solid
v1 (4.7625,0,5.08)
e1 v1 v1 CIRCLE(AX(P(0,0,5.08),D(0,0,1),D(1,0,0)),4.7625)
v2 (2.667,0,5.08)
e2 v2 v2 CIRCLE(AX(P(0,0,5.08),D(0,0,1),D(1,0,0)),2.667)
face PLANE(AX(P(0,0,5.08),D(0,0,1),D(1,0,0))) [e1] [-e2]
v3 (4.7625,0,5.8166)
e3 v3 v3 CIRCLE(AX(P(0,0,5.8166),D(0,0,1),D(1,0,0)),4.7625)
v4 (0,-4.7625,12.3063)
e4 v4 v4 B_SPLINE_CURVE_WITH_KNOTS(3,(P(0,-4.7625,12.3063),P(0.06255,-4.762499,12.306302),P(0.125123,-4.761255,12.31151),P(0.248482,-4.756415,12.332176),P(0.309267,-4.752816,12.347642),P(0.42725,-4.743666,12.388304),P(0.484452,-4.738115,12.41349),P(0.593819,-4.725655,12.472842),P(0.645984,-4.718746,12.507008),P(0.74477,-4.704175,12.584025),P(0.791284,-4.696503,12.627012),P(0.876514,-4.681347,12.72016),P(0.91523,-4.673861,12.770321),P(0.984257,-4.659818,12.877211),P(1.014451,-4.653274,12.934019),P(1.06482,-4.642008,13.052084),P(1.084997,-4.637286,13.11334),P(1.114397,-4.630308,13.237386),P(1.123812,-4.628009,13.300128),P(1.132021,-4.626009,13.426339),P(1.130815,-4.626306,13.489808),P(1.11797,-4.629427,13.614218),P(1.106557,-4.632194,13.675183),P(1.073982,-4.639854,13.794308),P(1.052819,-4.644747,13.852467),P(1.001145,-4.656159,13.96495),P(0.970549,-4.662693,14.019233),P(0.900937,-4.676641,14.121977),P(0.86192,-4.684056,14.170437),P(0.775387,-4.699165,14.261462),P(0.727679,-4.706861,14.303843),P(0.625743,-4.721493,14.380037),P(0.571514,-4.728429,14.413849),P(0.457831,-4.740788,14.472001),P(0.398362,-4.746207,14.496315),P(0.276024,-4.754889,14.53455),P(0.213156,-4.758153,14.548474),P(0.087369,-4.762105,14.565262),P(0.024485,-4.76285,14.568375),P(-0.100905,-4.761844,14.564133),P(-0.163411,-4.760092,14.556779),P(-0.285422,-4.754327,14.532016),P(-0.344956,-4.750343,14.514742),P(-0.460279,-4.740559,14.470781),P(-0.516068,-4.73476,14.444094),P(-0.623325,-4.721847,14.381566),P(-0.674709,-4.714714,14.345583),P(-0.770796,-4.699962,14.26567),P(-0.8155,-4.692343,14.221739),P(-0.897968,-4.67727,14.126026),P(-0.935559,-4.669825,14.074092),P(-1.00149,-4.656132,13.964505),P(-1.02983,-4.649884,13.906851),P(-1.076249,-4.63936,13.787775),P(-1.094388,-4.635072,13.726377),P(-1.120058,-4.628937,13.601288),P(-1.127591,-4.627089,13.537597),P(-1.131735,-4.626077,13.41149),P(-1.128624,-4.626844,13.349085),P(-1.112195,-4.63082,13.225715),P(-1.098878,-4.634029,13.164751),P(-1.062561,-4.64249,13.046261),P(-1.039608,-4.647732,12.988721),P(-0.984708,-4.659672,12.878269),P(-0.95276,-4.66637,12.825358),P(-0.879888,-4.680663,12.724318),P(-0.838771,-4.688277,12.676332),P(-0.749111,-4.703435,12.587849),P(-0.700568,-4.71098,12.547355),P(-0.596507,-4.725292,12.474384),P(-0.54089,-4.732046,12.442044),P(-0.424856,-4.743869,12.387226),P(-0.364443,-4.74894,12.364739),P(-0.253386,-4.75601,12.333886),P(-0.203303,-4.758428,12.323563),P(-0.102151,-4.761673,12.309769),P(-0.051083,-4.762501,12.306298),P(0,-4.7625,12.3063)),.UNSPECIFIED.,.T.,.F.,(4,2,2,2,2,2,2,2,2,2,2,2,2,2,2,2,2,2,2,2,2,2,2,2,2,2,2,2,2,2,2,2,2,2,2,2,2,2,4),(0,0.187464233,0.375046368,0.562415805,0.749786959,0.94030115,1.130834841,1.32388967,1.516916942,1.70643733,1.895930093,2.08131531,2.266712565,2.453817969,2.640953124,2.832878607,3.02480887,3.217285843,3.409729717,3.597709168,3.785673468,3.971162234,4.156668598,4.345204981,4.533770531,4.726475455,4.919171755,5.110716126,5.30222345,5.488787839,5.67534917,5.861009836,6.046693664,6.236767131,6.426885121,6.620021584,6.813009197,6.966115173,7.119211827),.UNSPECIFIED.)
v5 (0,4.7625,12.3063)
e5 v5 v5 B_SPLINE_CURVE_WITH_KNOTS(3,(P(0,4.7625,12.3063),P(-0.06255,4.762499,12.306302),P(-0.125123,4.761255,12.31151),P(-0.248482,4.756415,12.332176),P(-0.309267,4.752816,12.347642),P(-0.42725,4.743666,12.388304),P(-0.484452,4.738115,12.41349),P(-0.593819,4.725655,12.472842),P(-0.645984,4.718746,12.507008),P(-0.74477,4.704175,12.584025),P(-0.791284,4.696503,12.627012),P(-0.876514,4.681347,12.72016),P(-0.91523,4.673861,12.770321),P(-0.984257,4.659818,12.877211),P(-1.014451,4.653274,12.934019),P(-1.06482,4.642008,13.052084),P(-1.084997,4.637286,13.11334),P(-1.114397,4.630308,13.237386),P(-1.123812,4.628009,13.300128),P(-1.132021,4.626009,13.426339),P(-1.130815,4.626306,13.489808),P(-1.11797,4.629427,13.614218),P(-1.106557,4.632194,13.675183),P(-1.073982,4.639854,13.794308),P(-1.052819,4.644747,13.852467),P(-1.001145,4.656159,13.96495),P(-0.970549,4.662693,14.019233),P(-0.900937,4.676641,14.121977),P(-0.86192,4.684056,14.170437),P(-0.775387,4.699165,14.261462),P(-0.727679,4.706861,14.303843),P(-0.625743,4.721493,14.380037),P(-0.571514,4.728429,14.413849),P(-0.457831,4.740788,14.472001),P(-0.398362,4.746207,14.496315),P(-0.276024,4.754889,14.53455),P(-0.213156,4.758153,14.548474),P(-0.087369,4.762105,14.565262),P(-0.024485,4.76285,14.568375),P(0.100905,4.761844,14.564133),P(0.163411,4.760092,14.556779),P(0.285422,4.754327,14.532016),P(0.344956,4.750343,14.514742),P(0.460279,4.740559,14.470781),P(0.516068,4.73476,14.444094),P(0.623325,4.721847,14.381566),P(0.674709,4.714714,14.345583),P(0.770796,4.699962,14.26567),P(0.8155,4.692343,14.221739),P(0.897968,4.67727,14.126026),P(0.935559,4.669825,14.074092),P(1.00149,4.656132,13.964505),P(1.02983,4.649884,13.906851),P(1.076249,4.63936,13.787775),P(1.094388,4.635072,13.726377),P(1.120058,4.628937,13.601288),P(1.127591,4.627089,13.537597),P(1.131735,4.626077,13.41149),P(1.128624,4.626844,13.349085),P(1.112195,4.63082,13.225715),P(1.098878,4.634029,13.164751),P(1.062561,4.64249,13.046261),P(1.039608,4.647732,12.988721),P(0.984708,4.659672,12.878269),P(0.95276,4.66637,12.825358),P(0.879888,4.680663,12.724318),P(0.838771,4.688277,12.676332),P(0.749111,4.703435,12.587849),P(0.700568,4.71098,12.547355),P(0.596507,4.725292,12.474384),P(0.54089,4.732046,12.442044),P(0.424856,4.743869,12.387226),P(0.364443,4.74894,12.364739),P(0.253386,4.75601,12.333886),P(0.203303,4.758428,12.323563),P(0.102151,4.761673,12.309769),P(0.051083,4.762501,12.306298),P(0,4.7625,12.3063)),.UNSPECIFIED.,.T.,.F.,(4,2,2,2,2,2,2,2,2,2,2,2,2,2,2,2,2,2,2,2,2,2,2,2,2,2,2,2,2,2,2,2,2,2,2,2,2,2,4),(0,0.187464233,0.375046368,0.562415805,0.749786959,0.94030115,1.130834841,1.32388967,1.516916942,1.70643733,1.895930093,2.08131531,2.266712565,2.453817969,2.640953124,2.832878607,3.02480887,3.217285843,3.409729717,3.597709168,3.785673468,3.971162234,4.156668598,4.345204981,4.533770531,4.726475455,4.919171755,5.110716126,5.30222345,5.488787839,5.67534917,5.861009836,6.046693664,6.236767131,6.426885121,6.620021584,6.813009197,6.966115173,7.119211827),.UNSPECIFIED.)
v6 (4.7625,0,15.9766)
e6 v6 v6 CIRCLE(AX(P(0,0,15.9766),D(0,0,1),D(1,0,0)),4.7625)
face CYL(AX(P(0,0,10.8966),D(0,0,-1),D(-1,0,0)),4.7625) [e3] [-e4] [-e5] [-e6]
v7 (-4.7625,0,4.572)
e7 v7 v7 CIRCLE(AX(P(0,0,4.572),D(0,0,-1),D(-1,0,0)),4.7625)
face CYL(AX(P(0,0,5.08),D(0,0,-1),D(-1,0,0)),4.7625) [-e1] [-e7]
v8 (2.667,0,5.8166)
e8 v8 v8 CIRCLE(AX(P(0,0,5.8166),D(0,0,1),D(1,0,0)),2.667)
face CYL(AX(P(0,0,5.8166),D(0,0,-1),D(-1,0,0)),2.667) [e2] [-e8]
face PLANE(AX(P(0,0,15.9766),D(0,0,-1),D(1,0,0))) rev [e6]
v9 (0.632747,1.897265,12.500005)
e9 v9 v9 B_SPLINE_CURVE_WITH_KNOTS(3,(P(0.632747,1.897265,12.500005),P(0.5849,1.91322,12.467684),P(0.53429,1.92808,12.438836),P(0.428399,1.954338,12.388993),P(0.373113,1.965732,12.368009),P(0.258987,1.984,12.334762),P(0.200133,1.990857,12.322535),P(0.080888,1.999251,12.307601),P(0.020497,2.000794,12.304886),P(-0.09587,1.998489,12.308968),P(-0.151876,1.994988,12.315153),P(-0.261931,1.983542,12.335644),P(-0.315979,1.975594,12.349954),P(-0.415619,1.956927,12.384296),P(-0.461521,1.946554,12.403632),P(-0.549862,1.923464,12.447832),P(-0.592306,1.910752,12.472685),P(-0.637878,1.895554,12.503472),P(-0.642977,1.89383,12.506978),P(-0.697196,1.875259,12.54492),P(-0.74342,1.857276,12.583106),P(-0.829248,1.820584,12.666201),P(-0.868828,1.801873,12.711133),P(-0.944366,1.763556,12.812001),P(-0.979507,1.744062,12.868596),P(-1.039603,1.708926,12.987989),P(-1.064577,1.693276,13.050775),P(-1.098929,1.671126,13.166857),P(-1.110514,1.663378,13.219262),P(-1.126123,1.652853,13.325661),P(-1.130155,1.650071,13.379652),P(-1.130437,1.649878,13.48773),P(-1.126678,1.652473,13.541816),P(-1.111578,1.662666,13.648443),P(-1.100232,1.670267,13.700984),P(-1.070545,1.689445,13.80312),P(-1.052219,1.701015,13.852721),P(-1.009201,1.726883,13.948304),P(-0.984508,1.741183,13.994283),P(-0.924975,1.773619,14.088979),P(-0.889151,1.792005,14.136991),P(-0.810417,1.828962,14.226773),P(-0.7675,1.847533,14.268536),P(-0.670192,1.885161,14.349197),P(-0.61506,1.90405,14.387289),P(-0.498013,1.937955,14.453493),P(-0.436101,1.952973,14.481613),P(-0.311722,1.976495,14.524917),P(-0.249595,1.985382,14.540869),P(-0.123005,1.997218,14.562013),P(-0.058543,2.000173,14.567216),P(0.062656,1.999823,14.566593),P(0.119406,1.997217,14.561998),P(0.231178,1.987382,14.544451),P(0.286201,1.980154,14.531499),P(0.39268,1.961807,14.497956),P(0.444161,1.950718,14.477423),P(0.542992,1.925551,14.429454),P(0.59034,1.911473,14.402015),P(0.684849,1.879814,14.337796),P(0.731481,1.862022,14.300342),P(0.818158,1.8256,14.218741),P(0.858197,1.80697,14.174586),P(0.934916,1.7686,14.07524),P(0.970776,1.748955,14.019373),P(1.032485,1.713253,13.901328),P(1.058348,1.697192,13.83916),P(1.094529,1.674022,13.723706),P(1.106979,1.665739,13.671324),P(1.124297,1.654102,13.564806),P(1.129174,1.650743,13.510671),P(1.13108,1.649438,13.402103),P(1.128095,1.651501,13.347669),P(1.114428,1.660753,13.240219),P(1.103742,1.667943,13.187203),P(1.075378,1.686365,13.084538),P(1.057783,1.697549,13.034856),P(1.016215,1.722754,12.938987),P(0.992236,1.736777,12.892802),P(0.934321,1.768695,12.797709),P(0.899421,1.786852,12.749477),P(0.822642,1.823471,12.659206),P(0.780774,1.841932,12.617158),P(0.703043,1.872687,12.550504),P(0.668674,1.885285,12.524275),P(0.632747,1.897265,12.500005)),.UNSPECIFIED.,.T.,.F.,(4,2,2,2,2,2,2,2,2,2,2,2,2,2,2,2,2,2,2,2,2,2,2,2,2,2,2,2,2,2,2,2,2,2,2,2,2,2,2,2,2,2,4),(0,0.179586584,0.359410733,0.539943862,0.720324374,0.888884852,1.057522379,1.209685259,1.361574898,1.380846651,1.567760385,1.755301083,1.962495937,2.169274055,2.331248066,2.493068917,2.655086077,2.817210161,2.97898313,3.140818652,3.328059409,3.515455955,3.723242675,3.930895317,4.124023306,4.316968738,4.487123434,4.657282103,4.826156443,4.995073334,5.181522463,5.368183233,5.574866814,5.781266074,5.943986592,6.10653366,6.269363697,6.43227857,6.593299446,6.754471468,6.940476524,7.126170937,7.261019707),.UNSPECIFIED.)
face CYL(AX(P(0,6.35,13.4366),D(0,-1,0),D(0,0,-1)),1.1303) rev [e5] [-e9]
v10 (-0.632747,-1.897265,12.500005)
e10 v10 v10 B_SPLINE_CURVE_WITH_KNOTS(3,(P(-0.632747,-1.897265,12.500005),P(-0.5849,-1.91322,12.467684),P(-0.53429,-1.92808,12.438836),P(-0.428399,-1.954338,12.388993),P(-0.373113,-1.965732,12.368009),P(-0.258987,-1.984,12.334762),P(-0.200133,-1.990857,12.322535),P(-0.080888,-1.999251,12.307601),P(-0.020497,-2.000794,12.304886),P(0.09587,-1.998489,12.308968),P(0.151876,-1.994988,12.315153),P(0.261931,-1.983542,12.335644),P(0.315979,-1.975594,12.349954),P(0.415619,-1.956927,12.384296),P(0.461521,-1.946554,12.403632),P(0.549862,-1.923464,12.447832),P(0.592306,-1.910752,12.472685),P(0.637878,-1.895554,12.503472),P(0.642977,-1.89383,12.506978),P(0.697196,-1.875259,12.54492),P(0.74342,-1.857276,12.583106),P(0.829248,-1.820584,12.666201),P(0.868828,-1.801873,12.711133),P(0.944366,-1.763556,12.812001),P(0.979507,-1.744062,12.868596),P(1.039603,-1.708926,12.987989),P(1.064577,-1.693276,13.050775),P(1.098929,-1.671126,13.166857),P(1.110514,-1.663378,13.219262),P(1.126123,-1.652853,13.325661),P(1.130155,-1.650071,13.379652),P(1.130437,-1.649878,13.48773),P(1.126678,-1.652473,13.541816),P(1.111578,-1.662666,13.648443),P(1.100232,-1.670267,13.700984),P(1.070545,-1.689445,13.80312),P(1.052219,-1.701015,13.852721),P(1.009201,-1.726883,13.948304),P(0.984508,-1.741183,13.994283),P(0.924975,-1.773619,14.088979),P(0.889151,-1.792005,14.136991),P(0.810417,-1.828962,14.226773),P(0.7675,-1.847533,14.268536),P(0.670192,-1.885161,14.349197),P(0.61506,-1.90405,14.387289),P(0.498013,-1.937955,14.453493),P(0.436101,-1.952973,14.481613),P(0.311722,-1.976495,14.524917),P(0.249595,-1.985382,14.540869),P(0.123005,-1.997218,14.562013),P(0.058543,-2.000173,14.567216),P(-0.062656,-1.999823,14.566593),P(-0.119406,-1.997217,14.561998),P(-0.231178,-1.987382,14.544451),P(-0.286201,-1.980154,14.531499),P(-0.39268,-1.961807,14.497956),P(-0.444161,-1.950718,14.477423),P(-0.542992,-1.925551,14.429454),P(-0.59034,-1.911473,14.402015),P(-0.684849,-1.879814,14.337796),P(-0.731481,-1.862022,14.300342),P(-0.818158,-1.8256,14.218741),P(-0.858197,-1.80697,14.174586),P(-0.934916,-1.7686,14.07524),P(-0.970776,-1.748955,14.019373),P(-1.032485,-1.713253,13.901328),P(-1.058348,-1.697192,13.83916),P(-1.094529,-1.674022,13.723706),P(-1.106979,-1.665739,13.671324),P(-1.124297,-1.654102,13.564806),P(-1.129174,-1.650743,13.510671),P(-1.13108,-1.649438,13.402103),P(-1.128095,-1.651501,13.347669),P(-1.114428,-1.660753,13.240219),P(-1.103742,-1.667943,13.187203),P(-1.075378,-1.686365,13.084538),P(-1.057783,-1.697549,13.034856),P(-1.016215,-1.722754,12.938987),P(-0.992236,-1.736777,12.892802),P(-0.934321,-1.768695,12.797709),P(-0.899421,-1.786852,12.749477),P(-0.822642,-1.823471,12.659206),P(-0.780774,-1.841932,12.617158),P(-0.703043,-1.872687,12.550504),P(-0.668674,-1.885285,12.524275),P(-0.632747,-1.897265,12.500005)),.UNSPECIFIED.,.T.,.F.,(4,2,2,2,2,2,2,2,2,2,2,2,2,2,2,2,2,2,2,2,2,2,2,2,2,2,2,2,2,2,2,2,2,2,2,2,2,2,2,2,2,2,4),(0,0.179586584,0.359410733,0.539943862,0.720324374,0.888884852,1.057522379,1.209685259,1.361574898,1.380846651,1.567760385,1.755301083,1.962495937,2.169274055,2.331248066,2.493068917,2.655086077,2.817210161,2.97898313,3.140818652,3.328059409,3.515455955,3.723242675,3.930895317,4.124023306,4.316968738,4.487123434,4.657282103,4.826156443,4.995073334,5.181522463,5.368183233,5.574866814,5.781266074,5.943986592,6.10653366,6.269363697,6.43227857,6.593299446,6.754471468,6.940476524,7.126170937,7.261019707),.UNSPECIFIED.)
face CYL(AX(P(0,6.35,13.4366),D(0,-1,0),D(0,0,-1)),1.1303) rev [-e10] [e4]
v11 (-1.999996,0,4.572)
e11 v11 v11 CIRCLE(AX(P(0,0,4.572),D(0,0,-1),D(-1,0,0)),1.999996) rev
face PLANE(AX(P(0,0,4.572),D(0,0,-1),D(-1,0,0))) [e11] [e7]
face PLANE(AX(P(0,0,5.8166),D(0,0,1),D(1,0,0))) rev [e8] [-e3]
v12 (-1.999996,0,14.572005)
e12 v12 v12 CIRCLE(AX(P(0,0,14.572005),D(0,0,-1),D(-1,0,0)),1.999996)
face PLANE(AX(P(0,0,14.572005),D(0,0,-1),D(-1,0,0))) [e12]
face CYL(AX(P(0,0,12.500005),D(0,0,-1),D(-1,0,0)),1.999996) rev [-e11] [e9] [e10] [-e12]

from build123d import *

# Parameters (mm, degrees)
SKETCH1_R               = 4.7625
BOSS_EXTRUDE1_DEPTH     = 5.08
SKETCH2_R               = 2.667
BOSS_EXTRUDE2_DEPTH     = 0.7366
SKETCH3_R               = 4.7625
BOSS_EXTRUDE3_DEPTH     = 5.08
CUT_EXTRUDE1_DEPTH      = 6.35
CUT_EXTRUDE1_DEPTH_BACK = 6.35
SKETCH6_R               = 1.1303
SKETCH7_R               = 3.5000057
CUT_EXTRUDE2_DEPTH      = 2.50000008
SKETCH8_R               = 1.999996
CUT_EXTRUDE3_DEPTH      = 10.0000054
SKETCH9_R               = 4.7625
CUT_EXTRUDE4_DEPTH      = 4.572
SKETCH10_R              = 1.999996
CUT_EXTRUDE5_DEPTH      = 10.0000054


with BuildPart() as part:
    # Sketch1 → Boss-Extrude1 (new body)
    with BuildSketch(Plane.XY):
        Circle(SKETCH1_R)
    extrude(amount=BOSS_EXTRUDE1_DEPTH)

    # Sketch2 → Boss-Extrude2 (add)
    with BuildSketch(Plane.XY.offset(5.08)):
        Circle(SKETCH2_R)
    extrude(amount=BOSS_EXTRUDE2_DEPTH)

    # Sketch3 → Boss-Extrude3 (add)
    with BuildSketch(Plane.XY.offset(5.8166)):
        Circle(SKETCH3_R)
    boss_extrude3 = extrude(amount=BOSS_EXTRUDE3_DEPTH)

    # Mirror3: Boss-Extrude3 across plane
    add(boss_extrude3.mirror(Plane.XY.offset(10.8966)))

    # Sketch6 → Cut-Extrude1 (cut, two sides: drawn at the far end of the back side and taken through both)
    with BuildSketch(Plane(origin=(0, 0, 0), x_dir=(1, 0, 0), z_dir=(0, 1, 0)).offset(-CUT_EXTRUDE1_DEPTH_BACK)):
        with Locations(Location((0, -13.4366, 0), (0, 0, 90))):
            Circle(SKETCH6_R)
    extrude(amount=CUT_EXTRUDE1_DEPTH + CUT_EXTRUDE1_DEPTH_BACK, mode=Mode.SUBTRACT)

    # Sketch7 → Cut-Extrude2 (cut)
    with BuildSketch(Plane(origin=(0, 0, 0), x_dir=(-1, 0, 0), z_dir=(0, 0, -1))):
        Circle(SKETCH7_R)
    extrude(amount=-CUT_EXTRUDE2_DEPTH, mode=Mode.SUBTRACT)

    # Sketch8 → Cut-Extrude3 (cut)
    with BuildSketch(Plane(origin=(0, 0, 2.50000008), x_dir=(-1, 0, 0), z_dir=(0, 0, -1))):
        Circle(SKETCH8_R)
    extrude(amount=-CUT_EXTRUDE3_DEPTH, mode=Mode.SUBTRACT)

    # Sketch9 → Cut-Extrude4 (cut)
    with BuildSketch(Plane(origin=(0, 0, 0), x_dir=(-1, 0, 0), z_dir=(0, 0, -1))):
        Circle(SKETCH9_R)
    extrude(amount=-CUT_EXTRUDE4_DEPTH, mode=Mode.SUBTRACT)

    # Sketch10 → Cut-Extrude5 (cut)
    with BuildSketch(Plane(origin=(0, 0, 4.572), x_dir=(-1, 0, 0), z_dir=(0, 0, -1))):
        Circle(SKETCH10_R)
    extrude(amount=-CUT_EXTRUDE5_DEPTH, mode=Mode.SUBTRACT)


solid = part.part
